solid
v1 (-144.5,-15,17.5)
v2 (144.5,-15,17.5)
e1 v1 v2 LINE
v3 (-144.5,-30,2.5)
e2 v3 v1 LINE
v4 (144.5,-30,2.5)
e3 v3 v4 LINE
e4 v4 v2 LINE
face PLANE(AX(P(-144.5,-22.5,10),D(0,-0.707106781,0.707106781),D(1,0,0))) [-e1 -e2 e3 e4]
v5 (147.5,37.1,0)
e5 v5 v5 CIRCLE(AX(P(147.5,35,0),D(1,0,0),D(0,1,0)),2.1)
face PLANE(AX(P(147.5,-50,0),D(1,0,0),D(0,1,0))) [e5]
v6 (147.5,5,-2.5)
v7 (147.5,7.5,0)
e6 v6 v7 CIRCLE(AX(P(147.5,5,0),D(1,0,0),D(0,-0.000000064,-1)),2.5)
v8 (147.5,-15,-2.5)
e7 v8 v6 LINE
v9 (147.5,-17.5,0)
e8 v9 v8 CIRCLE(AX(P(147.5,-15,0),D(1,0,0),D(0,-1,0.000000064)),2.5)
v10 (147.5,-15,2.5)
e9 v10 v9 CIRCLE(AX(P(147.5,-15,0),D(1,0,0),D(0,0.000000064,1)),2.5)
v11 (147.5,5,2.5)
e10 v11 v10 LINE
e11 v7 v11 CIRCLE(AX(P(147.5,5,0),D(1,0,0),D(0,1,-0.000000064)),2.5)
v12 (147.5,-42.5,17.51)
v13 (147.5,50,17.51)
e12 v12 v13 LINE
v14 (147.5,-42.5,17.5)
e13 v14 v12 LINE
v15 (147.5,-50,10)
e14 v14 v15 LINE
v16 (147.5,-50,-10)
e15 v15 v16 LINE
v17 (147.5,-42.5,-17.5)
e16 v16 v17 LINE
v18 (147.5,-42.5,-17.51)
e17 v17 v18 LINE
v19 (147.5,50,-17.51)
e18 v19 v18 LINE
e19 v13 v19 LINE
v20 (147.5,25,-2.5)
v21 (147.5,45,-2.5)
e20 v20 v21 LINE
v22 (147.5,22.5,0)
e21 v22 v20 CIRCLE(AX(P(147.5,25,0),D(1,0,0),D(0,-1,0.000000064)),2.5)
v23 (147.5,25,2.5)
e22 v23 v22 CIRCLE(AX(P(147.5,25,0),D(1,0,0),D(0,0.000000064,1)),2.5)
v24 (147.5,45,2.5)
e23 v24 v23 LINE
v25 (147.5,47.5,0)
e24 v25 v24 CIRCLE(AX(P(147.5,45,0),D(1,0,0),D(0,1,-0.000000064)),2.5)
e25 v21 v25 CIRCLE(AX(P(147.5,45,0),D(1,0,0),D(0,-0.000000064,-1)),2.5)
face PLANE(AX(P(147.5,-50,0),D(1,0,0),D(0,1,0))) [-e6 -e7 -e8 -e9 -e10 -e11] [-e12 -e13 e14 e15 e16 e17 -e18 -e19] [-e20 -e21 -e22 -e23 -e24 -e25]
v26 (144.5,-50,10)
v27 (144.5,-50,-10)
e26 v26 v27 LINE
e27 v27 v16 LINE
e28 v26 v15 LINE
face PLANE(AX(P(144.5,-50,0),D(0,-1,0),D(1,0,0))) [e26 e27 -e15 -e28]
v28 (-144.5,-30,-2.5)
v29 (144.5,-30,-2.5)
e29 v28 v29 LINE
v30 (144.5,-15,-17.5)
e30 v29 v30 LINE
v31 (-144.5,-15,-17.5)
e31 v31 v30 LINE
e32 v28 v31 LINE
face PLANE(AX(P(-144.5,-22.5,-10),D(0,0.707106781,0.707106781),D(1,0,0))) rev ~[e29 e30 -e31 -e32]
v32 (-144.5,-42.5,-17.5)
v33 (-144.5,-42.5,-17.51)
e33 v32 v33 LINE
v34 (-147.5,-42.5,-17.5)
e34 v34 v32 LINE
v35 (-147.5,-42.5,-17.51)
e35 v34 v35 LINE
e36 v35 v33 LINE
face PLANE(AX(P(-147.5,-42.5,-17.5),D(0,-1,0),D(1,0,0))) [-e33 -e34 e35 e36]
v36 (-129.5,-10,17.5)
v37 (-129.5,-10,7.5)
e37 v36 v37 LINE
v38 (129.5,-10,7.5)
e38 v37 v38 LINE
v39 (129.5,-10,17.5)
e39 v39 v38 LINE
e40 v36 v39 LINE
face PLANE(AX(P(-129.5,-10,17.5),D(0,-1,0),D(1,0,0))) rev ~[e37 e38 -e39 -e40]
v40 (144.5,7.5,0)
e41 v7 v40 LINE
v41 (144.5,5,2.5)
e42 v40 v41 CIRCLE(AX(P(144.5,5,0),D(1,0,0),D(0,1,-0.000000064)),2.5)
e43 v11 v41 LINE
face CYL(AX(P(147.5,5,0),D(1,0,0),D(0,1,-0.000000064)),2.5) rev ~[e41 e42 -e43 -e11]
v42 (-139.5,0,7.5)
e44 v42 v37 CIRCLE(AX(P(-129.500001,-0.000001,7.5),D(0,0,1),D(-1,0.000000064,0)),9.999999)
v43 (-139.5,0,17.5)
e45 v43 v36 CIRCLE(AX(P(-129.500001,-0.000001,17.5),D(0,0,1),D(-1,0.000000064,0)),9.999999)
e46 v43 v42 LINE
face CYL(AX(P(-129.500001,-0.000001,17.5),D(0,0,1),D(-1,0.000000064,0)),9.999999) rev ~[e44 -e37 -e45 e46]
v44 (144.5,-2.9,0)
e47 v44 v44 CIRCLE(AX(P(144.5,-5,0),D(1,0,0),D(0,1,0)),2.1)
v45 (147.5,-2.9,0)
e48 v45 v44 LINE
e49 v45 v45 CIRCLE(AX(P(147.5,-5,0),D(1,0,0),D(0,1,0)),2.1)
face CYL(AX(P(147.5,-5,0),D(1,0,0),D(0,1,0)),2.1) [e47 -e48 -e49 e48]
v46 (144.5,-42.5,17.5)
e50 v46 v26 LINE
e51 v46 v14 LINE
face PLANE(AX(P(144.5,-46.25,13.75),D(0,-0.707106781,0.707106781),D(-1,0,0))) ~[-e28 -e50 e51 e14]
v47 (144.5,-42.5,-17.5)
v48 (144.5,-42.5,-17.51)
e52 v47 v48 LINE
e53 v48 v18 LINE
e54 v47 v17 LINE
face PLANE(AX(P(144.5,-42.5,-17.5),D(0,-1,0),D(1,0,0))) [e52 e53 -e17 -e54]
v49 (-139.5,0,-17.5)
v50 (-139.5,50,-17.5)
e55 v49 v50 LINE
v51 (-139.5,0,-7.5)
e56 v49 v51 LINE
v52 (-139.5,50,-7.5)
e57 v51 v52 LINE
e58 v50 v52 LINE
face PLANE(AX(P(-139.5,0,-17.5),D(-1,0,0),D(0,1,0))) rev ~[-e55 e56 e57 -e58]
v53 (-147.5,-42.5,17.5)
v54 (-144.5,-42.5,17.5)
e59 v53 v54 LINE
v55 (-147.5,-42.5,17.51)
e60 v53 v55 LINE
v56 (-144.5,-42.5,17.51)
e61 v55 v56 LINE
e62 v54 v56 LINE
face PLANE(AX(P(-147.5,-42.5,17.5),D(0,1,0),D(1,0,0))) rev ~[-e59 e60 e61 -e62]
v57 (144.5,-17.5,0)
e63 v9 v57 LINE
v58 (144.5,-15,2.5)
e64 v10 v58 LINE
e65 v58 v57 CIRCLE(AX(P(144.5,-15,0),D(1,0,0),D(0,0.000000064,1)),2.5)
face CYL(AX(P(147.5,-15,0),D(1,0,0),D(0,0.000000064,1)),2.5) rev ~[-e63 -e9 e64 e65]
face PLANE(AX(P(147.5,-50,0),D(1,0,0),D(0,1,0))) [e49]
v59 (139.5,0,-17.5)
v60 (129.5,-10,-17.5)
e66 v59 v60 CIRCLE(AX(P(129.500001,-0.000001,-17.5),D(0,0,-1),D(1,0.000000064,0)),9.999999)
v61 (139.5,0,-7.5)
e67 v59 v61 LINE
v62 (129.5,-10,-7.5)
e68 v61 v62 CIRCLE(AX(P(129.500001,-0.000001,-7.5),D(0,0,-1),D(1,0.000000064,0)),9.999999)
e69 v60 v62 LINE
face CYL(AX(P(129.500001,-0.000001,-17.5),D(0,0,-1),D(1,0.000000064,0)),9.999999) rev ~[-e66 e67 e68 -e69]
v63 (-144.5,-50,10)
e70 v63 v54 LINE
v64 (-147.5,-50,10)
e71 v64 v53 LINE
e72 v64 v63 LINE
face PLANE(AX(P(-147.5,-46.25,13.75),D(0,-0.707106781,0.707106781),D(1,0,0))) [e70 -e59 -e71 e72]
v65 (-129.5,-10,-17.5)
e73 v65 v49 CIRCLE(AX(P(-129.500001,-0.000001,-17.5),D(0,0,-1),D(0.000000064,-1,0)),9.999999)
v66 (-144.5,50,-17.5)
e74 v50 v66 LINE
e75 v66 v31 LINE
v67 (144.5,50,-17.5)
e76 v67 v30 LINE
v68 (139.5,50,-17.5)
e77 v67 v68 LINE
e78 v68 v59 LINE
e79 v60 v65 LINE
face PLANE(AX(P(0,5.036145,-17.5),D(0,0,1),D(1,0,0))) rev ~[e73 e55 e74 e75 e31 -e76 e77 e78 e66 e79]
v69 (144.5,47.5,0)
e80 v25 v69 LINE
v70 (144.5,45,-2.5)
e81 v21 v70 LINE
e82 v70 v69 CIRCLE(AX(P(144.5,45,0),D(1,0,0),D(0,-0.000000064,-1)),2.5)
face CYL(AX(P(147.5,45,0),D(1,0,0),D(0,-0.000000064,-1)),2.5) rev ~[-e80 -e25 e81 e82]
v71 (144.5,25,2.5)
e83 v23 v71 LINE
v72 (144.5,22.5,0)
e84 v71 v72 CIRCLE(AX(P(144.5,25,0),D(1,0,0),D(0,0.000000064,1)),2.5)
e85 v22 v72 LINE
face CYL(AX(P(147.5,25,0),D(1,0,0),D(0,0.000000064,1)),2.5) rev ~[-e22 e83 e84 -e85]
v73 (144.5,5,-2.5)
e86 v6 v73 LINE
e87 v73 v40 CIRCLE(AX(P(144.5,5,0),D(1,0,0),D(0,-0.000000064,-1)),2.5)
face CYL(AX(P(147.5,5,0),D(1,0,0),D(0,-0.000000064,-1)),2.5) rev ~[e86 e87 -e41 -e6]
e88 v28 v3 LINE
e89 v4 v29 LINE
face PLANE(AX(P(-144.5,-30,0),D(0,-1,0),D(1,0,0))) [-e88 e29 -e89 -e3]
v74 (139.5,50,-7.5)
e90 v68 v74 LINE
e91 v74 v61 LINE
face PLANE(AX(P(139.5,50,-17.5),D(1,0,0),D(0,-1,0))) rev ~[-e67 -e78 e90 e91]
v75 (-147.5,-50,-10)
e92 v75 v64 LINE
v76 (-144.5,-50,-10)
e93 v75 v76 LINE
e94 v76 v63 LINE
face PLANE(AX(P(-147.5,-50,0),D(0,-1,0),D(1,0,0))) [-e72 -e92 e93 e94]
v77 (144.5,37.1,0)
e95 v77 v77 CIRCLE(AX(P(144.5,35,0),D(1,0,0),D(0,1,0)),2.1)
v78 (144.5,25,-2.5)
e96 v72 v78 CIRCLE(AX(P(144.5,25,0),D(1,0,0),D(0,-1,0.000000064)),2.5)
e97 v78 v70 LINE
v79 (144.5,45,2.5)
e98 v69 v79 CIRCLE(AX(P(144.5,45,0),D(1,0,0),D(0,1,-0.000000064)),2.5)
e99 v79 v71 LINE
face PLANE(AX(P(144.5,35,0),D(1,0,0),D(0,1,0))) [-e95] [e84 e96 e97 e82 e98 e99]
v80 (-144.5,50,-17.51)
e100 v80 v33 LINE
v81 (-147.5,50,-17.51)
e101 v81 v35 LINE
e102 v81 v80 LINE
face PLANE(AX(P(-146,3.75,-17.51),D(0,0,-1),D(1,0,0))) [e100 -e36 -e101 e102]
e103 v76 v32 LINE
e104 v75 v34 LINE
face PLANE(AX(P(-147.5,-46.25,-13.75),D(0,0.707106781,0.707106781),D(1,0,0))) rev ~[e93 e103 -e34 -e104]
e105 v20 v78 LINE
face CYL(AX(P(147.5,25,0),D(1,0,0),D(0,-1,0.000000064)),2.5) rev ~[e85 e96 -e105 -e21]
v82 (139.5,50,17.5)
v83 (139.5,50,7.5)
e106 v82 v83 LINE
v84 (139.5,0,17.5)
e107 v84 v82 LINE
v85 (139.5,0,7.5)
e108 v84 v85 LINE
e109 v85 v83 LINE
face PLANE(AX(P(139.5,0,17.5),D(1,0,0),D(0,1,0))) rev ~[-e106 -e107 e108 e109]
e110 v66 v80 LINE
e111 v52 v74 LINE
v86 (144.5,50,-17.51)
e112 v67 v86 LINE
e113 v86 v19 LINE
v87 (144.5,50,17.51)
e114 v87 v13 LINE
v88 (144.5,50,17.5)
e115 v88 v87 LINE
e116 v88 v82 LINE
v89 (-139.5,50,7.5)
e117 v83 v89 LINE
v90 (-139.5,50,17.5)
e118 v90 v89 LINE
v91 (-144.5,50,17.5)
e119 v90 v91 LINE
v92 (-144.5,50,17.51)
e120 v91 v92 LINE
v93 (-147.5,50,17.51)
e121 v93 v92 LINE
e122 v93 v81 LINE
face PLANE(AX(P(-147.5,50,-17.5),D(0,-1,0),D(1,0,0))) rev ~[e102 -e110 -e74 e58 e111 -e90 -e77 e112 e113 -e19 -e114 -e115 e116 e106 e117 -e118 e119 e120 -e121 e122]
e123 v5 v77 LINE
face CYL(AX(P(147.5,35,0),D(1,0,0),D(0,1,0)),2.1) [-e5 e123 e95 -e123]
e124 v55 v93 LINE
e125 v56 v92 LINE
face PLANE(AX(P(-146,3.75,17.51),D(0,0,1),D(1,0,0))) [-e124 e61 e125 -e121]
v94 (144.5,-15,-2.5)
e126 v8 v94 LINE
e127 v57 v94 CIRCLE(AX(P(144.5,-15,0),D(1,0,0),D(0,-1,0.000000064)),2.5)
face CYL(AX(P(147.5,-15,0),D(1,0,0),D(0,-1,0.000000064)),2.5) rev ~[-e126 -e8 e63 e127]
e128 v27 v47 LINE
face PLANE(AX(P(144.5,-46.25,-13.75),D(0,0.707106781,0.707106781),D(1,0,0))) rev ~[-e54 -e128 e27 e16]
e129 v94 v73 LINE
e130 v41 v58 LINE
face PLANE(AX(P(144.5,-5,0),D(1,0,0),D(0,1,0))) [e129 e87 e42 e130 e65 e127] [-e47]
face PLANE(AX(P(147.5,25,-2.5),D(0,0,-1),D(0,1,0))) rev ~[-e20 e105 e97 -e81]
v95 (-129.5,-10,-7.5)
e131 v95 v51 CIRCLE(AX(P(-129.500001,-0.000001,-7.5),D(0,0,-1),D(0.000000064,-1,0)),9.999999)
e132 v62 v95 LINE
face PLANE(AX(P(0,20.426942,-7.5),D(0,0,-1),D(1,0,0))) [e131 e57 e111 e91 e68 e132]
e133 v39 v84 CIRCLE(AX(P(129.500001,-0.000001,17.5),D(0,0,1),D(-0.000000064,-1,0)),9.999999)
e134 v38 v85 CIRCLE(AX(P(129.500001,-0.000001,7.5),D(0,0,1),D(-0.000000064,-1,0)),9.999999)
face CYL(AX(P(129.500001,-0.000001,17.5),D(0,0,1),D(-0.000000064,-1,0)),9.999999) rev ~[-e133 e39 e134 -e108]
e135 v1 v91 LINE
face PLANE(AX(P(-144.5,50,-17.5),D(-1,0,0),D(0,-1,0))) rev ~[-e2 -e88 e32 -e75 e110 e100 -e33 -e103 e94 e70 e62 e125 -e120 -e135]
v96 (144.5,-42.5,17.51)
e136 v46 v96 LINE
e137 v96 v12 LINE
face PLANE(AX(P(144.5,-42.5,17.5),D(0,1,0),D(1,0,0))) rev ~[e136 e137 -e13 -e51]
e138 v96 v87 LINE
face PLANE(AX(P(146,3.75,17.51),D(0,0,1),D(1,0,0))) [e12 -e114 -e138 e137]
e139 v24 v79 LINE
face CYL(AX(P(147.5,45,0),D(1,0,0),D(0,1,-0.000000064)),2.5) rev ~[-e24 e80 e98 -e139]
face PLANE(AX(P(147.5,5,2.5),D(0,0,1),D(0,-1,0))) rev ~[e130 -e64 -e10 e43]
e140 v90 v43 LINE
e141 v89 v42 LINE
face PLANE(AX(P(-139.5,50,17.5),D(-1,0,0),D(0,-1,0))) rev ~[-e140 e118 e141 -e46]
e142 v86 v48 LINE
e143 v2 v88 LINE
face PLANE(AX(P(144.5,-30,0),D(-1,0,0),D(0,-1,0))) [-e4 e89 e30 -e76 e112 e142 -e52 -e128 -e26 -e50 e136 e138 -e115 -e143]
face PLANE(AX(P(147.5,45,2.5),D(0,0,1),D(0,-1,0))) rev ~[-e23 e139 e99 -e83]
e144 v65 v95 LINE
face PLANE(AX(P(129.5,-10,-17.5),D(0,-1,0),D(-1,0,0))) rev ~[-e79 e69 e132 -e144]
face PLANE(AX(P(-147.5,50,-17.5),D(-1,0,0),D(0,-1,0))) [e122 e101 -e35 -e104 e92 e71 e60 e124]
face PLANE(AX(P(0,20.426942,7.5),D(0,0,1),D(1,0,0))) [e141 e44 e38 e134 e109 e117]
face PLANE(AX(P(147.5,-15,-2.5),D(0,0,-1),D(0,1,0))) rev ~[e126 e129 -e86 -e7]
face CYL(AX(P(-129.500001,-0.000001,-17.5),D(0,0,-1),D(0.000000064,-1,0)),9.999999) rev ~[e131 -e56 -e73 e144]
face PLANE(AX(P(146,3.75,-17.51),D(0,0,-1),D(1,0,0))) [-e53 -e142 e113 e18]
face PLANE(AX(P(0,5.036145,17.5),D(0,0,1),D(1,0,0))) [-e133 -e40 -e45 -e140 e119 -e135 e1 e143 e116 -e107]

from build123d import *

# Parameters (mm, degrees)
F1_DEPTH      = 17.5
F1_DEPTH_BACK = 17.5
F2_SIZE       = 15
F3_SIZE       = 7.5
F5_W          = 3
F5_H          = 92.5
F6_DEPTH      = 0.01
F7_W          = 3
F7_H          = 92.5
F8_DEPTH      = 0.01
F4_R          = 2.1
F9_DEPTH      = 3
F11_DEPTH     = 10
F13_DEPTH     = 10


with BuildPart() as f1:
    # F0 (on Top) → F1 (new body, two sides)
    with BuildSketch(Plane.XY) as f1_sk:
        Polygon((147.5, -50), (147.5, 50), (-147.5, 50), (-147.5, -50), (-144.5, -50), (-144.5, -30), (144.5, -30), (144.5, -50), align=None)
    extrude(amount=F1_DEPTH)
    extrude(f1_sk.sketch, amount=-F1_DEPTH_BACK)

    # F2
    f2_edges = [f1.edges().sort_by_distance(p)[0] for p in [
        (0, -30, 17.5),
        (0, -30, -17.5),
    ]]
    chamfer(f2_edges, length=F2_SIZE)

    # F3
    f3_edges = [f1.edges().sort_by_distance(p)[0] for p in [
        (146, -50, 17.5),
        (146, -50, -17.5),
        (-146, -50, 17.5),
        (-146, -50, -17.5),
    ]]
    chamfer(f3_edges, length=F3_SIZE)

    # F5 (on face) → F6 (join)
    with BuildSketch(Plane.XY.offset(17.5)):
        with Locations((-146, 3.75)):
            Rectangle(F5_W, F5_H)
        with Locations((146, 3.75)):
            Rectangle(F5_W, F5_H)
    extrude(amount=F6_DEPTH)

    # F7 (on face) → F8 (join)
    with BuildSketch(Plane(origin=(0, 0, -17.5), x_dir=(1, 0, 0), z_dir=(0, 0, -1))):
        with Locations((-146, -3.75)):
            Rectangle(F7_W, F7_H)
        with Locations((146, -3.75)):
            Rectangle(F7_W, F7_H)
    extrude(amount=F8_DEPTH)

    # F4 (on face) → F9 (cut)
    with BuildSketch(Plane.YZ.offset(147.5)):
        with BuildLine():
            ThreePointArc((47.5, 0), (46.767767, 1.767767), (45, 2.5))
            Line((45, 2.5), (25, 2.5))
            ThreePointArc((25, 2.5), (23.232233, 1.767767), (22.5, 0))
            ThreePointArc((22.5, 0), (23.232233, -1.767767), (25, -2.5))
            Line((25, -2.5), (45, -2.5))
            ThreePointArc((45, -2.5), (46.767767, -1.767767), (47.5, 0))
        make_face()
        with Locations((35, 0)):
            Circle(F4_R, mode=Mode.SUBTRACT)
        with BuildLine():
            ThreePointArc((7.5, 0), (6.767767, 1.767767), (5, 2.5))
            Line((5, 2.5), (-15, 2.5))
            ThreePointArc((-15, 2.5), (-16.767767, 1.767767), (-17.5, 0))
            ThreePointArc((-17.5, 0), (-16.767767, -1.767767), (-15, -2.5))
            Line((-15, -2.5), (5, -2.5))
            ThreePointArc((5, -2.5), (6.767767, -1.767767), (7.5, 0))
        make_face()
        with Locations((-5, 0)):
            Circle(F4_R, mode=Mode.SUBTRACT)
    extrude(amount=-F9_DEPTH, mode=Mode.SUBTRACT)

    # F10 (on face) → F11 (cut)
    with BuildSketch(Plane.XY.offset(17.5)):
        with BuildLine():
            Line((139.5, 50), (-139.5, 50))
            Line((-139.5, 50), (-139.5, 0))
            ThreePointArc((-139.5, 0), (-136.571068, -7.071068), (-129.5, -10))
            Line((-129.5, -10), (129.5, -10))
            ThreePointArc((129.5, -10), (136.571068, -7.071068), (139.5, 0))
            Line((139.5, 0), (139.5, 50))
        make_face()
    extrude(amount=-F11_DEPTH, mode=Mode.SUBTRACT)

    # F12 (on face) → F13 (cut)
    with BuildSketch(Plane(origin=(0, 0, -17.5), x_dir=(1, 0, 0), z_dir=(0, 0, -1))):
        with BuildLine():
            Line((139.5, -50), (139.5, 0))
            ThreePointArc((139.5, 0), (136.571068, 7.071068), (129.5, 10))
            Line((129.5, 10), (-129.5, 10))
            ThreePointArc((-129.5, 10), (-136.571068, 7.071068), (-139.5, 0))
            Line((-139.5, 0), (-139.5, -50))
            Line((-139.5, -50), (139.5, -50))
        make_face()
    extrude(amount=-F13_DEPTH, mode=Mode.SUBTRACT)


solid = f1.part
